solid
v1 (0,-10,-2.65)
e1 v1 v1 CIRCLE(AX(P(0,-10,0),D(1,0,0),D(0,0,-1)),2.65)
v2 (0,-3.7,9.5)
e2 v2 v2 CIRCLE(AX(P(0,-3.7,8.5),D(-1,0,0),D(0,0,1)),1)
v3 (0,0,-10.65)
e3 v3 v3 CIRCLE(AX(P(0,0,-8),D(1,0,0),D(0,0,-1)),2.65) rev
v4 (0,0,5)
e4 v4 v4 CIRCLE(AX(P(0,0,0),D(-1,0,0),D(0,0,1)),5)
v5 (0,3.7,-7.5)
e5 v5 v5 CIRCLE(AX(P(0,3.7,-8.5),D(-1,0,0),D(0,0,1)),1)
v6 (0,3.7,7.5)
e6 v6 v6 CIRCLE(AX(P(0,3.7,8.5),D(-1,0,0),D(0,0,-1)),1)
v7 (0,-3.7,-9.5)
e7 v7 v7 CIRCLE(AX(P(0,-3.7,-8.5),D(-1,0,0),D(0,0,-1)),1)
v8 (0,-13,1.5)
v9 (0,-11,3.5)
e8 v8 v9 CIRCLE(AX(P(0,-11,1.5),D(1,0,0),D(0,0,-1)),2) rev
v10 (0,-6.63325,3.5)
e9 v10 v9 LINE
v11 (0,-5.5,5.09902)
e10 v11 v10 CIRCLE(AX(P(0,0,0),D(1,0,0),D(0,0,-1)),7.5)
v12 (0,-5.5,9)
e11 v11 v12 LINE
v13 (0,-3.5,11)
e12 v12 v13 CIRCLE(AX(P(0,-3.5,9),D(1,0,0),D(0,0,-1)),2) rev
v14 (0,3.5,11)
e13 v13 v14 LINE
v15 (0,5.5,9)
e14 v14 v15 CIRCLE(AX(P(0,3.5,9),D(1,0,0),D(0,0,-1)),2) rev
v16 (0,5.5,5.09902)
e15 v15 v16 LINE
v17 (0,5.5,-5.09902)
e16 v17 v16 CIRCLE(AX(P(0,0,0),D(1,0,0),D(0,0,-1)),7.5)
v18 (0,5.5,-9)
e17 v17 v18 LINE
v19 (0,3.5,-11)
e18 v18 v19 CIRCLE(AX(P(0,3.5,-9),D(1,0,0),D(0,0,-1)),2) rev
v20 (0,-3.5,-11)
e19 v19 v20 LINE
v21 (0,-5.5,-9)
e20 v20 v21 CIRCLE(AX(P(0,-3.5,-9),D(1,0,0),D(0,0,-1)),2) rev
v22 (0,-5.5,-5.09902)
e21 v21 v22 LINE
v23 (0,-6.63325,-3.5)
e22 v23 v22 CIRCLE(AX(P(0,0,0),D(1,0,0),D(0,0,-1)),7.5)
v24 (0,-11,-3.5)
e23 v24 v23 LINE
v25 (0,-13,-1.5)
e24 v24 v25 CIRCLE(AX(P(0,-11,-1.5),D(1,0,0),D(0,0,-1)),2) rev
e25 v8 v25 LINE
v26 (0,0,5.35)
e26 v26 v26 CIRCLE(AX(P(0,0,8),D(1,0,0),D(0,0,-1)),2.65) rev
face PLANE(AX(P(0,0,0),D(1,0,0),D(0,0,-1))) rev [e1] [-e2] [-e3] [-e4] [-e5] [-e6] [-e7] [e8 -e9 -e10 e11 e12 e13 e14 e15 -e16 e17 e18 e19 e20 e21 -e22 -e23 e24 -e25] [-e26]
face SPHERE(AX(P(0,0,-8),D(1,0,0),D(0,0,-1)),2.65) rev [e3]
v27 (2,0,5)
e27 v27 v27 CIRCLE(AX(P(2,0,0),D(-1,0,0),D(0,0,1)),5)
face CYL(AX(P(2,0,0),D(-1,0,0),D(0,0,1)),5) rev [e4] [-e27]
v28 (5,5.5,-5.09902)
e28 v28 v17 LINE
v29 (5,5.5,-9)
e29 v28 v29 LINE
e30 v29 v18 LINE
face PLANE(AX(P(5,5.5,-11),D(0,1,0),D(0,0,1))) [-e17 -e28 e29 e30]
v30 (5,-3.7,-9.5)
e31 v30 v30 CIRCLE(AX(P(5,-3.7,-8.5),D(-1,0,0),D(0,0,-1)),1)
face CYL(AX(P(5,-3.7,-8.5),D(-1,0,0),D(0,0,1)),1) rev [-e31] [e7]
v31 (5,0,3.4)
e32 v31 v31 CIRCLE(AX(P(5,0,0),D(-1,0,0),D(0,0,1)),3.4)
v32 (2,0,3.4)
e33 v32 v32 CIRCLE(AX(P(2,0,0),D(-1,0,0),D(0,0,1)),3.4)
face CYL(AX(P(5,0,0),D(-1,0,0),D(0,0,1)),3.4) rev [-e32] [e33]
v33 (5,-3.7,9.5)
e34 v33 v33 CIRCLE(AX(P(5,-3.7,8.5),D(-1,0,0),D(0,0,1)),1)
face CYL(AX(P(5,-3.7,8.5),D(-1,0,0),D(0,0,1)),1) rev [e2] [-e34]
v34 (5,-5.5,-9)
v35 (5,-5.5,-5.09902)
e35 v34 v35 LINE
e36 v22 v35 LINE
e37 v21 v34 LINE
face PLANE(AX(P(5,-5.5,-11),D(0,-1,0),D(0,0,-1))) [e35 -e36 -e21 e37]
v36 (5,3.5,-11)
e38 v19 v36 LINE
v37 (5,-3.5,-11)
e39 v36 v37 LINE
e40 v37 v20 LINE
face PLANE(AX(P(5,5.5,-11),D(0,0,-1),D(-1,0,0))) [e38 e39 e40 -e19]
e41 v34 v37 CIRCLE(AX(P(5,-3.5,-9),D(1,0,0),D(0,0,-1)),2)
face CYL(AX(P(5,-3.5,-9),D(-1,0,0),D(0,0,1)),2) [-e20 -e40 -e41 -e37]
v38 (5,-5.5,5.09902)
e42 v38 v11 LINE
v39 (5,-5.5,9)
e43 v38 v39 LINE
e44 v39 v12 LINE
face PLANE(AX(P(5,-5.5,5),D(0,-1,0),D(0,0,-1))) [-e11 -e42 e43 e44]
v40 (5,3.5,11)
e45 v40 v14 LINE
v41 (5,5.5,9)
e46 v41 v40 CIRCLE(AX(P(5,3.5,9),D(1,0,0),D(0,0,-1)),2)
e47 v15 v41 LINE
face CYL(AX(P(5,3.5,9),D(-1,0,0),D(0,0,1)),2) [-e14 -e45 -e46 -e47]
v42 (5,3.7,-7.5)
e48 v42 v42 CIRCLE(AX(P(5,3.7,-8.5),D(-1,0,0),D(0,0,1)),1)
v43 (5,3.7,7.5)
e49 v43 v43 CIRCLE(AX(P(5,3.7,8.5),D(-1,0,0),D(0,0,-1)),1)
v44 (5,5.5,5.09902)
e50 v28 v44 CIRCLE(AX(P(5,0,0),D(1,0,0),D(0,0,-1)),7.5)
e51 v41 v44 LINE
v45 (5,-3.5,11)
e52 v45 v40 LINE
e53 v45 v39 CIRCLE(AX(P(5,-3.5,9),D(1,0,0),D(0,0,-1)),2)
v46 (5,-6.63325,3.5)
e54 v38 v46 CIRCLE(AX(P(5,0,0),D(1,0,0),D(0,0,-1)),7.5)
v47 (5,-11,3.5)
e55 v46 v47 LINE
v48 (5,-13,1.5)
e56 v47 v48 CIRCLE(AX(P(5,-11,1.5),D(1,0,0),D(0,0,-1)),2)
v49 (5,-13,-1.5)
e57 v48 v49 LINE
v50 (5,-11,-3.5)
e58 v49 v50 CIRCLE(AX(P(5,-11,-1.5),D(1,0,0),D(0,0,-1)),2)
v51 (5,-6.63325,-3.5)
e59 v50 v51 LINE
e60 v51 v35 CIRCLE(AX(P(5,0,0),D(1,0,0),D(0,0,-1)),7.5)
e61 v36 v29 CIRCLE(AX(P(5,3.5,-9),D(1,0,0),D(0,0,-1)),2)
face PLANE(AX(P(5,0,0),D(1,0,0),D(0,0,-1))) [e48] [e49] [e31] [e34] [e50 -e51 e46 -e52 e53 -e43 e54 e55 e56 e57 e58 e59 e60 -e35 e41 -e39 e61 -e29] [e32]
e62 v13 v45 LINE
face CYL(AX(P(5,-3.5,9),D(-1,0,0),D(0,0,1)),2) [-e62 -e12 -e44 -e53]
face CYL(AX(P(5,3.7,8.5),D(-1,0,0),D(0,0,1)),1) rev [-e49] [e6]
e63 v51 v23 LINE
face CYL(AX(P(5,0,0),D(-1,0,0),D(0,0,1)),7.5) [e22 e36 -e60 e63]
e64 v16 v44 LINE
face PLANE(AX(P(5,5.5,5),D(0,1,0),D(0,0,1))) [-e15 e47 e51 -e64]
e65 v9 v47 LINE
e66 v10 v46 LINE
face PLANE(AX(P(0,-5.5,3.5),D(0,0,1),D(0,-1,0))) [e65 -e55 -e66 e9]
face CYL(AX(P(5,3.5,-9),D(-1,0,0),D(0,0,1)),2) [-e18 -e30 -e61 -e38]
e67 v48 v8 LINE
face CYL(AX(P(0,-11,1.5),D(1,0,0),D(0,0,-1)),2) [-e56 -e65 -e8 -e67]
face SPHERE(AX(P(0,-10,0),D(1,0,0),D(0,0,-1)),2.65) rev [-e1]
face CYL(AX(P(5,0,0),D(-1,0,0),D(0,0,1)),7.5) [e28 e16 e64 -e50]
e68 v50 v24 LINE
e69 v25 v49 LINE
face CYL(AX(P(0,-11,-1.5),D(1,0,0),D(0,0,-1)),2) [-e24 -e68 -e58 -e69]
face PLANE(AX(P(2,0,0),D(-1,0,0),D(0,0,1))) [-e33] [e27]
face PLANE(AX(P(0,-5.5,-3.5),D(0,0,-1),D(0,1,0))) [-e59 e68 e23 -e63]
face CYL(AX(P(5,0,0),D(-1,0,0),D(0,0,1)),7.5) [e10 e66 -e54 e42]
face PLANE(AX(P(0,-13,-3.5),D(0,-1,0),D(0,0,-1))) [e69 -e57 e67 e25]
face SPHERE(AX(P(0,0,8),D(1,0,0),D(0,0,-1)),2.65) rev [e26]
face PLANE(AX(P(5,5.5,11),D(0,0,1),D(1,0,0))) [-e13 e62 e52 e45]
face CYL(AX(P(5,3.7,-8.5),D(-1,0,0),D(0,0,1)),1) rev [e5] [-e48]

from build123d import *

# Parameters (mm, degrees)
SKETCH_1_R          = 7.5
EXTRUDE_1_DEPTH     = 5
SKETCH_2_R          = 5
CUT_EXTRUDE_1_DEPTH = 2
SKETCH_3_R          = 3.4
CUT_EXTRUDE_2_DEPTH = 12.022703843
SKETCH_4_W          = 6
SKETCH_4_H          = 11
EXTRUDE_2_DEPTH     = 5
FILLET_1_R          = 2
SKETCH_8_R          = 1
CUT_EXTRUDE_4_DEPTH = 15.221462653
SKETCH_9_W          = 7
SKETCH_9_H          = 7.5
EXTRUDE_3_DEPTH     = 5
FILLET_2_R          = 2


with BuildPart() as part:
    # 草图1 → 凸台-拉伸1 (new body)
    with BuildSketch(Plane(origin=(0, 0, 0), x_dir=(0, 0, -1), z_dir=(1, 0, 0))):
        Circle(SKETCH_1_R)
    extrude(amount=EXTRUDE_1_DEPTH)

    # 草图2 → 切除-拉伸1 (cut)
    with BuildSketch(Plane.ZY):
        Circle(SKETCH_2_R)
    extrude(amount=-CUT_EXTRUDE_1_DEPTH, mode=Mode.SUBTRACT)

    # 草图3 → 切除-拉伸2 (cut, through all)
    with BuildSketch(Plane.ZY.offset(-2)):
        Circle(SKETCH_3_R)
    extrude(amount=-CUT_EXTRUDE_2_DEPTH, mode=Mode.SUBTRACT)

    # 草图4 → 凸台-拉伸2 (add)
    with BuildSketch(Plane.ZY):
        with Locations((8, 0)):
            Rectangle(SKETCH_4_W, SKETCH_4_H)
        with Locations((-8, 0)):
            Rectangle(SKETCH_4_W, SKETCH_4_H)
    extrude(amount=-EXTRUDE_2_DEPTH)

    # 草图6 → 切除-旋转1 (revolve, cut)
    with BuildSketch(Plane.ZY):
        with BuildLine():
            Line((8, 2.65), (8, -2.65))
            ThreePointArc((8, -2.65), (10.65, 0), (8, 2.65))
        make_face()
    revolve(axis=Axis((0, 2.65, 8), (0, -1, 0)), mode=Mode.SUBTRACT)

    # 草图7 → 切除-旋转2 (revolve, cut)
    with BuildSketch(Plane.ZY):
        with BuildLine():
            Line((-8, 2.65), (-8, -2.65))
            ThreePointArc((-8, -2.65), (-5.35, 0), (-8, 2.65))
        make_face()
    revolve(axis=Axis((0, 2.65, -8), (0, -1, 0)), mode=Mode.SUBTRACT)

    # 圆角1
    fillet_1_edges = [part.edges().sort_by_distance(p)[0] for p in [
        (2.5, -5.5, 11),
        (2.5, 5.5, 11),
        (2.5, 5.5, -11),
        (2.5, -5.5, -11),
    ]]
    fillet(fillet_1_edges, radius=FILLET_1_R)

    # 草图8 → 切除-拉伸4 (cut, through all)
    with BuildSketch(Plane.ZY):
        with Locations((8.5, -3.7)):
            Circle(SKETCH_8_R)
        with Locations(Location((8.5, 3.7, 0), (0, 0, 180))):
            Circle(SKETCH_8_R)
        with Locations(Location((-8.5, -3.7, 0), (0, 0, 180))):
            Circle(SKETCH_8_R)
        with Locations((-8.5, 3.7)):
            Circle(SKETCH_8_R)
    extrude(amount=-CUT_EXTRUDE_4_DEPTH, mode=Mode.SUBTRACT)

    # 草图9 → 凸台-拉伸3 (add)
    with BuildSketch(Plane(origin=(5, 0, 0), x_dir=(0, 0, -1), z_dir=(1, 0, 0))):
        with Locations((0, -9.25)):
            Rectangle(SKETCH_9_W, SKETCH_9_H)
    extrude(amount=-EXTRUDE_3_DEPTH)

    # 草图10 → 切除-旋转3 (revolve, cut)
    with BuildSketch(Plane.ZY):
        with BuildLine():
            Line((0, -7.35), (0, -12.65))
            ThreePointArc((0, -12.65), (-2.65, -10), (0, -7.35))
        make_face()
    revolve(axis=Axis((0, -7.35, 0), (0, -1, 0)), mode=Mode.SUBTRACT)

    # 圆角2
    fillet_2_edges = [part.edges().sort_by_distance(p)[0] for p in [
        (2.5, -13, 3.5),
        (2.5, -13, -3.5),
    ]]
    fillet(fillet_2_edges, radius=FILLET_2_R)


solid = part.part
